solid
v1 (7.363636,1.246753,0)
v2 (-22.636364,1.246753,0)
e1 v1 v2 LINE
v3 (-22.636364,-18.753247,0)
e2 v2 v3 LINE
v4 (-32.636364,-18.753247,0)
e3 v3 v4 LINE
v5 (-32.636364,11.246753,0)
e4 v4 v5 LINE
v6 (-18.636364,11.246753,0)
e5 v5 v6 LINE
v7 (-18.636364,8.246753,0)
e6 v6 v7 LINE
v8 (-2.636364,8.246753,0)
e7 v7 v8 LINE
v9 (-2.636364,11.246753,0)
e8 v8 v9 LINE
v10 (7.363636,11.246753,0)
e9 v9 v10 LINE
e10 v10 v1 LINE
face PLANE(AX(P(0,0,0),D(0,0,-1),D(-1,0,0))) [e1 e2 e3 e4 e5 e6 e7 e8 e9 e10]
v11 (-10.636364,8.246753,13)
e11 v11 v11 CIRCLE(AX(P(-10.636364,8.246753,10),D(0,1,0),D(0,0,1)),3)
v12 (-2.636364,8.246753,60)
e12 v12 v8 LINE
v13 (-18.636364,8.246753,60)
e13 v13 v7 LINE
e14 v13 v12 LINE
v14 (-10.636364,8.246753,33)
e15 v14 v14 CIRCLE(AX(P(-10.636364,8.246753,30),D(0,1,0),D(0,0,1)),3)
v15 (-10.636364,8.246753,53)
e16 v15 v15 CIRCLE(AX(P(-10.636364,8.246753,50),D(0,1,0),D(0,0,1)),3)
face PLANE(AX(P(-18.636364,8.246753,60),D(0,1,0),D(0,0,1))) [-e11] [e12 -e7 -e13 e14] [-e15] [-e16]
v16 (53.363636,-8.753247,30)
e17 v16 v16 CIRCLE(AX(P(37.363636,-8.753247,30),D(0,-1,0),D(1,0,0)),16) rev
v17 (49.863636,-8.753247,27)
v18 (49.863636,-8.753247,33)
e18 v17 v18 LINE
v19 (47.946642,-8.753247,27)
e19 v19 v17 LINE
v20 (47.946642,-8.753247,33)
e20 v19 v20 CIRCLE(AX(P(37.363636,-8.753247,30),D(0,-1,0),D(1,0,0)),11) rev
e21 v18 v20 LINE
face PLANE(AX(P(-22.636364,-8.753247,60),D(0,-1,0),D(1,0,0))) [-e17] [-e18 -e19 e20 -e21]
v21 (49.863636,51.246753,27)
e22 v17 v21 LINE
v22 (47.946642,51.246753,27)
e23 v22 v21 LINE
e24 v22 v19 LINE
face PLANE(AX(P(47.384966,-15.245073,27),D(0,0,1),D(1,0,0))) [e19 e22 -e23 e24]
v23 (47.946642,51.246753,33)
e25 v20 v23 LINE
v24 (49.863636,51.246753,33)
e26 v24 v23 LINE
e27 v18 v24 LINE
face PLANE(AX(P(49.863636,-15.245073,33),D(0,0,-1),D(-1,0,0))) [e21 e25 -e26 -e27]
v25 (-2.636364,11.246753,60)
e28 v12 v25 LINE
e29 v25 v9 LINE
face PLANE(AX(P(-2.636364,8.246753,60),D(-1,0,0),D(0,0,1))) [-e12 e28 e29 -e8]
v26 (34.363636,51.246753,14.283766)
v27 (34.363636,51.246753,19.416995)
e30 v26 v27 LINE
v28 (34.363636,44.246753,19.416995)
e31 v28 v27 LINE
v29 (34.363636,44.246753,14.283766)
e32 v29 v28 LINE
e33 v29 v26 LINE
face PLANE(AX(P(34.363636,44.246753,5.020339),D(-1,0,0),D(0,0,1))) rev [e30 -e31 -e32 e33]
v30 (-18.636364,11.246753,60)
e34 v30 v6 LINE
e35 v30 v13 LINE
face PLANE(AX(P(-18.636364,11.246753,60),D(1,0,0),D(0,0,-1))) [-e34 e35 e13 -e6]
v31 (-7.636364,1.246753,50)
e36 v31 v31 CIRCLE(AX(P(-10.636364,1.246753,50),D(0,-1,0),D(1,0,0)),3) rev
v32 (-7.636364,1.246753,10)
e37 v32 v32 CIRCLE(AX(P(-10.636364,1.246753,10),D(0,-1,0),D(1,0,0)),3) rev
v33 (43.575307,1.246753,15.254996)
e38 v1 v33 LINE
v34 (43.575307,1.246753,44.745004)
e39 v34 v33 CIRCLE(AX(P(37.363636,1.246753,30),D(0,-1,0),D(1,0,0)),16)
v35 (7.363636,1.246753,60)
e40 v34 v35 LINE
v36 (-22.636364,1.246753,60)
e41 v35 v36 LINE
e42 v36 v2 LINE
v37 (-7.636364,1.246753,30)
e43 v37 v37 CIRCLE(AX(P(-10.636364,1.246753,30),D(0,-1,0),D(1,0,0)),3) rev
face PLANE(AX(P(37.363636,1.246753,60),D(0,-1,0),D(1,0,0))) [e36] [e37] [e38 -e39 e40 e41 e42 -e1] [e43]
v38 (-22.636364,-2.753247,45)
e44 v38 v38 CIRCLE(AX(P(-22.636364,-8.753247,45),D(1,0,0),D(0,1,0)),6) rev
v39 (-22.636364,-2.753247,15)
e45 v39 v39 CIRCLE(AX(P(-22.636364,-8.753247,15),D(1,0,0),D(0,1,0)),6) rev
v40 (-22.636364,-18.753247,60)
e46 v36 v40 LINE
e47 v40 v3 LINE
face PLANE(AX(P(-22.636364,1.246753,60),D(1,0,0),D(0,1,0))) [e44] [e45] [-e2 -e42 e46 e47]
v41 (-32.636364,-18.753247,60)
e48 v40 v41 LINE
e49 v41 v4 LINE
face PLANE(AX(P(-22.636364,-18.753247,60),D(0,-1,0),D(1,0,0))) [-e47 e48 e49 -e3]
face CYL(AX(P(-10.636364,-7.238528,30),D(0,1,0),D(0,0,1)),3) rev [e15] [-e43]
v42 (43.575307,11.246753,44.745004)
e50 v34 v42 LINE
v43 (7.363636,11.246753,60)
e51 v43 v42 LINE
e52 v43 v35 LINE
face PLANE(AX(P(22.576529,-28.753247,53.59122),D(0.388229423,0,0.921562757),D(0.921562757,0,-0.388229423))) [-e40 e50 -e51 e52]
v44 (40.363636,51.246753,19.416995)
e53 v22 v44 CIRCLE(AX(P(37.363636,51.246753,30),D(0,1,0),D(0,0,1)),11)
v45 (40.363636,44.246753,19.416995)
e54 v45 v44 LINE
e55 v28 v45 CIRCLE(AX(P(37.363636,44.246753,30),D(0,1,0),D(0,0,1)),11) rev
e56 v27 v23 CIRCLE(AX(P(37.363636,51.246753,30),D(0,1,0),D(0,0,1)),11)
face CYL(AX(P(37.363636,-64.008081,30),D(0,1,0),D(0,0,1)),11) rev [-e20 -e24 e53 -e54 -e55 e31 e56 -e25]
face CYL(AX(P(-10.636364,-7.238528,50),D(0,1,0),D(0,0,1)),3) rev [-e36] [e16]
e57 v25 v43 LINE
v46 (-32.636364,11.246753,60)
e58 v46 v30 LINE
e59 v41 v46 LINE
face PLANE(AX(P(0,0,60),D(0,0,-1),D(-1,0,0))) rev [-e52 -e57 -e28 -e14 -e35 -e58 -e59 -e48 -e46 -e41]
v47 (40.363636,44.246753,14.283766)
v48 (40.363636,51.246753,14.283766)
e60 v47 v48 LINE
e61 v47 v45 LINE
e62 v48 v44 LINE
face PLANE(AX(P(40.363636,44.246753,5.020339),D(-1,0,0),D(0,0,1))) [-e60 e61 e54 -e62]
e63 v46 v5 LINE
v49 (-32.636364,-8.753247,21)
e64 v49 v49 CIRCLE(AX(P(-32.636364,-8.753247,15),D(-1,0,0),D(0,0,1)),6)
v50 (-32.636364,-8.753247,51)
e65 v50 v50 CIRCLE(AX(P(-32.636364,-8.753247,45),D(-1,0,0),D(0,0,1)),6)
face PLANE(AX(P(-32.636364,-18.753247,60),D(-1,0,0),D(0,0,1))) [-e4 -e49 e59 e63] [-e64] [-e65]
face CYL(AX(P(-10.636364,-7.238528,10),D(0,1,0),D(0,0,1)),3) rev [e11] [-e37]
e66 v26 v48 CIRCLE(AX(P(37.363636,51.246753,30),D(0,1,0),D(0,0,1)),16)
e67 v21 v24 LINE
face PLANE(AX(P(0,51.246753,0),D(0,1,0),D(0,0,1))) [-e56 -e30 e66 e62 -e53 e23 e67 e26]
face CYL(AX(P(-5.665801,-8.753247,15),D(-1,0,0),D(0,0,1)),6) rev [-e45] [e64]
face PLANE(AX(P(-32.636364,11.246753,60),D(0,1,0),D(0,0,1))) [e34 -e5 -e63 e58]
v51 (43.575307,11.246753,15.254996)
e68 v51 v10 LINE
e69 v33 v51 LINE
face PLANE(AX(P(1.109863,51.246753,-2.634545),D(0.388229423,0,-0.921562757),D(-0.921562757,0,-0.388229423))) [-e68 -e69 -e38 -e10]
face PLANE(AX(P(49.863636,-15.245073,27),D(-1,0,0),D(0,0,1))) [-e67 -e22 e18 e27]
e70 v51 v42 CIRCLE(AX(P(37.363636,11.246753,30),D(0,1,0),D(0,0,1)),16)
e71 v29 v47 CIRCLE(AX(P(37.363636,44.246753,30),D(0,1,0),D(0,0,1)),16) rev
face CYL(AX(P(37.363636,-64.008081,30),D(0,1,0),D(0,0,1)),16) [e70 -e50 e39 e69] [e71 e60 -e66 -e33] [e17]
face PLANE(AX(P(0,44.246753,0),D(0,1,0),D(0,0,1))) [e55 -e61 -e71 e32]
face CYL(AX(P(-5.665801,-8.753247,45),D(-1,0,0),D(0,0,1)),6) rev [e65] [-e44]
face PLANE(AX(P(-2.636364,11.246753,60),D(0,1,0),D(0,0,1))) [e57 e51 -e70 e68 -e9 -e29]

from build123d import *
from build123d.topology import SkipClean

# Parameters (mm, degrees)
BOSS_EXTRUDE1_DEPTH      = 60
SKETCH3_R                = 6.000000000000003
SKETCH3_R_2              = 5.999999999999998
CUT_EXTRUDE1_DEPTH       = 10
SKETCH4_R                = 3.0000000000000027
SKETCH4_R_2              = 3.0000000000000004
SKETCH4_R_3              = 2.9999999999999996
CUT_EXTRUDE2_DEPTH       = 7
BOSS_EXTRUDE2_DEPTH      = 40
BOSS_EXTRUDE2_DEPTH_BACK = 20
CUT_EXTRUDE3_DEPTH       = 90.70884954089212
CUT_EXTRUDE3_DEPTH_BACK  = 40
BOSS_EXTRUDE3_DEPTH      = 10
CUT_EXTRUDE4_START       = -60
SKETCH9_R                = 10.999999999999993
CUT_EXTRUDE4_DEPTH       = 60
CUT_EXTRUDE5_DEPTH       = 60
SKETCH9_4_W              = 6
SKETCH9_4_H              = 24.979661142970425
CUT_EXTRUDE6_DEPTH       = 7


with BuildPart() as part:
    # Sketch2 → Boss-Extrude1 (new body)
    with BuildSketch(Plane.XY):
        Polygon((-32.63636363636363, -18.753246753246753), (-32.63636363636363, 11.246753246753245), (-18.636363636363633, 11.246753246753245), (-18.636363636363633, 8.246753246753245), (-2.6363636363636314, 8.246753246753245), (-2.6363636363636314, 11.246753246753245), (37.363636363636374, 11.246753246753245), (37.363636363636374, 1.2467532467532443), (-22.636363636363637, 1.2467532467532365), (-22.63636363636363, -18.75324675324675), align=None)
    extrude(amount=BOSS_EXTRUDE1_DEPTH)

    # Sketch3 → Cut-Extrude1 (cut)
    with BuildSketch(Plane.ZY.offset(32.63636363636363)):
        with Locations((45, -8.753246753246755)):
            Circle(SKETCH3_R)
        with Locations((15, -8.753246753246755)):
            Circle(SKETCH3_R_2)
    extrude(amount=-CUT_EXTRUDE1_DEPTH, mode=Mode.SUBTRACT)

    # Sketch4 → Cut-Extrude2 (cut)
    with BuildSketch(Plane(origin=(0, 8.246753246753245, 0), x_dir=(1, 0, 0), z_dir=(0, 1, 0))):
        with Locations(Location((-10.63636363636363, -49.99999999999999, 0), (0, 0, 270))):
            Circle(SKETCH4_R)
        with Locations(Location((-10.636363636363631, -9.999999999999995, 0), (0, 0, 270))):
            Circle(SKETCH4_R_2)
        with Locations(Location((-10.63636363636363, -29.999999999999996, 0), (0, 0, 270))):
            Circle(SKETCH4_R_3)
    extrude(amount=-CUT_EXTRUDE2_DEPTH, mode=Mode.SUBTRACT)

    # Sketch5 → Boss-Extrude2 (add, two sides: drawn at the far end of the back side and taken through both)
    with BuildSketch(Plane(origin=(0, 11.246753246753245, 0), x_dir=(1, 0, 0), z_dir=(0, 1, 0)).offset(-BOSS_EXTRUDE2_DEPTH_BACK)):
        with BuildLine():
            ThreePointArc((37.36363636363612, -46), (40.532227080018274, -45.6831129841004), (43.57530713931024, -44.745004109007205))
            ThreePointArc((43.57530713931024, -44.745004109007205), (50.693803887167014, -38.849103558813695), (53.363636363636374, -30.000000000000004))
            ThreePointArc((53.363636363636374, -30), (50.693803887167014, -21.150896441186312), (43.57530713931025, -15.254995890992799))
            ThreePointArc((43.57530713931025, -15.254995890992799), (40.53222708001828, -14.316887015899601), (37.36363636363611, -13.999999999999996))
            Line((37.363636363636374, -14), (37.363636363636374, -19.000000000000007))
            ThreePointArc((37.36363636363639, -19.000000000000007), (45.141810956688396, -22.22182540694799), (48.36363636363637, -30))
            ThreePointArc((48.36363636363637, -30.000000000000004), (45.14181095668839, -37.77817459305202), (37.363636363636374, -40.99999999999999))
            Line((37.363636363636374, -40.99999999999999), (37.363636363636374, -46))
        make_face()
        with BuildLine():
            ThreePointArc((37.36363636363611, -13.999999999999996), (21.36363636363637, -29.999999999999996), (37.36363636363612, -46))
            Line((37.363636363636374, -46), (37.363636363636374, -40.99999999999999))
            ThreePointArc((37.363636363636374, -40.99999999999999), (26.36363636363638, -29.99999999999999), (37.36363636363639, -19.000000000000007))
            Line((37.363636363636374, -19.000000000000007), (37.363636363636374, -14))
        make_face()
    extrude(amount=BOSS_EXTRUDE2_DEPTH + BOSS_EXTRUDE2_DEPTH_BACK)

    # Sketch5<4> → Cut-Extrude3 (cut, two sides: drawn at the far end of the back side and taken through both)
    with BuildSketch(Plane(origin=(0, 11.246753246753245, 0), x_dir=(1, 0, 0), z_dir=(0, 1, 0)).offset(-CUT_EXTRUDE3_DEPTH_BACK)):
        Polygon((7.363636363636369, 0), (37.36363636363637, -12.638187272961233), (37.363636363636374, 0), align=None)
        Polygon((37.363636363636374, -47.36181272703875), (7.36363636363637, -60), (37.363636363636374, -60), align=None)
    extrude(amount=CUT_EXTRUDE3_DEPTH + CUT_EXTRUDE3_DEPTH_BACK, mode=Mode.SUBTRACT)

    # Sketch7 → Boss-Extrude3 (add)
    with BuildSketch(Plane(origin=(0, 11.246753246753245, 0), x_dir=(1, 0, 0), z_dir=(0, 1, 0))):
        Polygon((37.363636363636374, -12.638187272961241), (43.57530713931025, -15.254995890992793), (43.57530713931024, -44.7450041090072), (37.363636363636374, -47.361812727038746), align=None)
    extrude(amount=-BOSS_EXTRUDE3_DEPTH)

    # Sketch9 → Cut-Extrude4 (cut)
    with SkipClean():  # the faces are left unmerged after this step: merging them gives an invalid solid
        with BuildSketch(Plane(origin=(0, 51.24675324675325, 0), x_dir=(1, 0, 0), z_dir=(0, 1, 0)).offset(CUT_EXTRUDE4_START)):
            with Locations(Location((37.363636363636374, -30, 0), (0, 0, 270))):
                Circle(SKETCH9_R)
        extrude(amount=CUT_EXTRUDE4_DEPTH, mode=Mode.SUBTRACT)

    # Sketch9<3> → Cut-Extrude5 (cut)
    with BuildSketch(Plane(origin=(0, 51.24675324675325, 0), x_dir=(1, 0, 0), z_dir=(0, 1, 0))):
        Polygon((49.86363636363637, -27), (49.86363636363636, -33), (47.38496613189031, -32.99999999999999), (47.38496613189031, -27), align=None)
    extrude(amount=-CUT_EXTRUDE5_DEPTH, mode=Mode.SUBTRACT)

    # Sketch9<4> → Cut-Extrude6 (cut)
    with BuildSketch(Plane(origin=(0, 51.24675324675325, 0), x_dir=(1, 0, 0), z_dir=(0, 1, 0))):
        with Locations((37.363636363636374, -17.510169428514793)):
            Rectangle(SKETCH9_4_W, SKETCH9_4_H)
    extrude(amount=-CUT_EXTRUDE6_DEPTH, mode=Mode.SUBTRACT)


solid = part.part
